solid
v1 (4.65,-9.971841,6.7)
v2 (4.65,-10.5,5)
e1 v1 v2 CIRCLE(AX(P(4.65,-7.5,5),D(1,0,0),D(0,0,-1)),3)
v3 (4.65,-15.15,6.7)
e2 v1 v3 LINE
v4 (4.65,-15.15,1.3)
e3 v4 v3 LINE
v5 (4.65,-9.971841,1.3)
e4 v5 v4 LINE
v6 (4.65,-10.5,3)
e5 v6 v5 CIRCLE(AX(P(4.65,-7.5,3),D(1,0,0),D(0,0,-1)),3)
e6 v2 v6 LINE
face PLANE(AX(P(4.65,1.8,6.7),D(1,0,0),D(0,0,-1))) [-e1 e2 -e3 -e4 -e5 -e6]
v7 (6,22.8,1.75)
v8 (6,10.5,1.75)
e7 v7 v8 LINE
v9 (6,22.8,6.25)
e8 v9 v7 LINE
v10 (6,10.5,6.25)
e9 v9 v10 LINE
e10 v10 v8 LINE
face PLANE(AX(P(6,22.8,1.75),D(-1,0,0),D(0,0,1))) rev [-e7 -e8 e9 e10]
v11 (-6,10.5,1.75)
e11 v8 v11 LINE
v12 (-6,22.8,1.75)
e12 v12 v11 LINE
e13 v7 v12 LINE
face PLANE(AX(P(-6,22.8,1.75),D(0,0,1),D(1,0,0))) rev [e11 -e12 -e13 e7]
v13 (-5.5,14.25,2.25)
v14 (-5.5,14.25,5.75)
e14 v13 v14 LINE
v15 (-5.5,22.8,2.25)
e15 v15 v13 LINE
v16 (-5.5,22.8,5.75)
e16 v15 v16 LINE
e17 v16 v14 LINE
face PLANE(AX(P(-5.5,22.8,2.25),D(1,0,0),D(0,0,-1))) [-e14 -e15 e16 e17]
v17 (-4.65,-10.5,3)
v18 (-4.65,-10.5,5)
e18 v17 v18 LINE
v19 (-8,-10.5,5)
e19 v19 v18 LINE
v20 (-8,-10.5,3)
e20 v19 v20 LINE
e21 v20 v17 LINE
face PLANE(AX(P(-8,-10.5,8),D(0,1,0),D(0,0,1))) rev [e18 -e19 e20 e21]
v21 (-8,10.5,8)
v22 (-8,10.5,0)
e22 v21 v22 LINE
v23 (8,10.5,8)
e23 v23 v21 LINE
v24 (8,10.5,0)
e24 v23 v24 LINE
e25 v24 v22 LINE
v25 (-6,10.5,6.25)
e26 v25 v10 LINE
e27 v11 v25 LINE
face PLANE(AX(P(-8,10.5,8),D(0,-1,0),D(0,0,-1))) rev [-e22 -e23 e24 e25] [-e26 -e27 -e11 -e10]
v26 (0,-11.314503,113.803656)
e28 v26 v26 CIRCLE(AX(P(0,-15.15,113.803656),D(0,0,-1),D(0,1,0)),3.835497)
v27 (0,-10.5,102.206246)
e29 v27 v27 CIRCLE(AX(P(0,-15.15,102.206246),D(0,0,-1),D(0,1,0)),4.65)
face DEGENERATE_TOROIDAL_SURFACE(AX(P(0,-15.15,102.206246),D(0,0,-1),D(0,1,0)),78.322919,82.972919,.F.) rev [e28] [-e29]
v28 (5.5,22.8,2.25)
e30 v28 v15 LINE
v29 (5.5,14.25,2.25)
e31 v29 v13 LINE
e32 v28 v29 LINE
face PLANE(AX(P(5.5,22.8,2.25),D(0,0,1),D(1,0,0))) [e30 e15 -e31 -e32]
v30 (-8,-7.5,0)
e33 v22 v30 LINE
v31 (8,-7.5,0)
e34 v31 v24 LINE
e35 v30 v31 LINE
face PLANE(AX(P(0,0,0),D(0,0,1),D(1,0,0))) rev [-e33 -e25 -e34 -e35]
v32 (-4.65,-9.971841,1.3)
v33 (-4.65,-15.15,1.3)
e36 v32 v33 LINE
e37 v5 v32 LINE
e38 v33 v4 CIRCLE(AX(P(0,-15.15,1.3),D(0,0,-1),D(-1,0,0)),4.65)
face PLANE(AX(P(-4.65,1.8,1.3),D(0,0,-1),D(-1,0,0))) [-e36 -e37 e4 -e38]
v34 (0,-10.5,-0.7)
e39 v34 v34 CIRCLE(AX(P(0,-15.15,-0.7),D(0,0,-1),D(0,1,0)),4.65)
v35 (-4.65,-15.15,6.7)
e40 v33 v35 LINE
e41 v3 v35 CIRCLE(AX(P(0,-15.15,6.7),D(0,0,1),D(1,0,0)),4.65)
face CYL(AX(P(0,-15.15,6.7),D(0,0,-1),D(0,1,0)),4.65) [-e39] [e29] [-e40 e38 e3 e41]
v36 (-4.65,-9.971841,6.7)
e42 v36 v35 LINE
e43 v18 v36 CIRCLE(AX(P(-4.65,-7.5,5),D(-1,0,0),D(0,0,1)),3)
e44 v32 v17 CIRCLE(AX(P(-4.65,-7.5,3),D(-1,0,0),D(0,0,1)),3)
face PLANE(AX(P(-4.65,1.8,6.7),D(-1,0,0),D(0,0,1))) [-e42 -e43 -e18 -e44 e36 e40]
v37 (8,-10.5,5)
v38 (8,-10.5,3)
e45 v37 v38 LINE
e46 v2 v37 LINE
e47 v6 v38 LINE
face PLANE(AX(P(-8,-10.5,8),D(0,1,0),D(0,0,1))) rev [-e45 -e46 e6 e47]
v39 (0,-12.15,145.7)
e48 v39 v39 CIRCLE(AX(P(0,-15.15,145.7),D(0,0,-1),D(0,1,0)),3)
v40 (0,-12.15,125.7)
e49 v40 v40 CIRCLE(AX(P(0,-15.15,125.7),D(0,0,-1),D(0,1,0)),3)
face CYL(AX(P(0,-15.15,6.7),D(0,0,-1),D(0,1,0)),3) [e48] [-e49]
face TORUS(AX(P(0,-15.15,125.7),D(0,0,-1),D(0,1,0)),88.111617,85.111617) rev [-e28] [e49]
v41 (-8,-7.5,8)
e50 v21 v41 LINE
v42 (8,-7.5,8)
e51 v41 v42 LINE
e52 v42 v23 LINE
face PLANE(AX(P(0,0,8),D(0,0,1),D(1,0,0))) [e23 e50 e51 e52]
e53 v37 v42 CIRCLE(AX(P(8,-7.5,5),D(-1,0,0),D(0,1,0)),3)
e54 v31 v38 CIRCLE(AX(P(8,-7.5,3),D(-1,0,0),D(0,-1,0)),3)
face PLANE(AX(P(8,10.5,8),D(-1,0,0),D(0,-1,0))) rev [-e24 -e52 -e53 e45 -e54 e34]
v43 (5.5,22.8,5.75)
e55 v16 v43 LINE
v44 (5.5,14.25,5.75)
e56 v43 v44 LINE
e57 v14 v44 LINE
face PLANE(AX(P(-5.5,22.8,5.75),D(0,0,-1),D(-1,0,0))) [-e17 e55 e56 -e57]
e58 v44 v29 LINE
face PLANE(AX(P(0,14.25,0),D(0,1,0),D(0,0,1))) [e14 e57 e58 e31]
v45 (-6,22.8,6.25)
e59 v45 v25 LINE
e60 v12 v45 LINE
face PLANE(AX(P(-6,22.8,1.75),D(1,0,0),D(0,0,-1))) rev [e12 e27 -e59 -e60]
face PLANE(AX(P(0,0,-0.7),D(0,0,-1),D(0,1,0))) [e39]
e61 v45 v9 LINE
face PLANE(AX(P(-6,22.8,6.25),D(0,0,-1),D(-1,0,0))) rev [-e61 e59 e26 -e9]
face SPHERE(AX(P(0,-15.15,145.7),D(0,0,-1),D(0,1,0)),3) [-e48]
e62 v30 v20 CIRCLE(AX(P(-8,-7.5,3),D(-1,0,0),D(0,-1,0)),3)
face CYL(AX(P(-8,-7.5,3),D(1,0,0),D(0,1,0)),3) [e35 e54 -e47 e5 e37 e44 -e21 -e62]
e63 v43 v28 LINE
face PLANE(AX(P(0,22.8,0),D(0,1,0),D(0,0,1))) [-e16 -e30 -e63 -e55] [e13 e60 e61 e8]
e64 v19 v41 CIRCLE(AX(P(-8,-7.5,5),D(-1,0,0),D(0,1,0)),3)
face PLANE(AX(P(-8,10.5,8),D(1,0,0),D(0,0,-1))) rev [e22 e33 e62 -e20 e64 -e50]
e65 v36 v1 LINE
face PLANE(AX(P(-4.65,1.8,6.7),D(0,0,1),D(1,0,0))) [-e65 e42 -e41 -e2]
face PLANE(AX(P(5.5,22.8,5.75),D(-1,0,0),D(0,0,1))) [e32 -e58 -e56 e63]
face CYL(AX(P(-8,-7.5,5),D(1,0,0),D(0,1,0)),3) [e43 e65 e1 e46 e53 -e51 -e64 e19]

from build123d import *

# Parameters (mm, degrees)
RESSALTO_EXTRUS_O1_DEPTH      = 8
RESSALTO_EXTRUS_O2_DEPTH      = 12.3
CORTE_EXTRUS_O1_DEPTH         = 29.979993098687927
RESSALTO_EXTRUS_O3_DEPTH      = 9.3
RESSALTO_EXTRUS_O3_DEPTH_BACK = 12.3
CORTE_EXTRUS_O2_DEPTH         = 145.04110524430172
CORTE_EXTRUS_O5_START         = 3.75
ESBO_O10_W                    = 11
ESBO_O10_H                    = 3.4999999999999987
CORTE_EXTRUS_O5_DEPTH         = 149.21637788030614


with BuildPart() as part:
    # Esboço1 → Ressalto-extrusão1 (new body)
    with BuildSketch(Plane.XY):
        Polygon((-8, 10.499999999999998), (8, 10.499999999999998), (8.000000000000004, -10.500000000000002), (-8, -10.500000000000002), align=None)
    extrude(amount=RESSALTO_EXTRUS_O1_DEPTH)

    # Esboço2 → Ressalto-extrusão2 (add)
    with BuildSketch(Plane(origin=(0, 10.499999999999998, 0), x_dir=(1, 0, 0), z_dir=(0, 1, 0))):
        Polygon((-6.000000000000002, -1.750000000000001), (5.999999999999998, -1.750000000000001), (5.999999999999998, -6.25), (-6, -6.25), align=None)
    extrude(amount=RESSALTO_EXTRUS_O2_DEPTH)

    # Esboço3 → Corte-extrusão1 (cut, through all)
    with BuildSketch(Plane(origin=(8.000000000000002, 1.32e-15, 0), x_dir=(0, 0, -1), z_dir=(1, 1.7e-16, 0))):
        with BuildLine():
            Line((12.302112688752674, -8.041249801298202), (15.759799941349684, -18.709266127928004))
            Line((15.759799941349684, -18.709266127928004), (-12.82894273367674, -20.250050884769166))
            Line((-12.82894273367674, -20.250050884769166), (-17.748760130002903, -20.25005088476917))
            Line((-17.748760130002903, -20.25005088476917), (-21.504856301930886, -7.075521773543869))
            Line((-21.504856301930886, -7.075521773543869), (-8, -7.499999999999983))
            ThreePointArc((-8, -7.499999999999983), (-7.121320343559643, -9.621320343559647), (-4.999999999999979, -10.500000000000004))
            Line((-4.999999999999979, -10.500000000000004), (-3.0000000000000213, -10.500000000000004))
            ThreePointArc((-3.0000000000000213, -10.500000000000004), (-0.8786796564403576, -9.621320343559647), (0, -7.499999999999983))
            Line((0, -7.499999999999983), (12.302112688752674, -8.041249801298202))
        make_face()
    extrude(amount=-CORTE_EXTRUS_O1_DEPTH, mode=Mode.SUBTRACT)

    # Esboço4 → Ressalto-extrusão3 (add, two sides: drawn at the far end of the back side and taken through both)
    with BuildSketch(Plane.XZ.offset(10.500000000000002).offset(-RESSALTO_EXTRUS_O3_DEPTH_BACK)):
        Polygon((-4.6499999999999995, 6.700000000000003), (4.650000000000001, 6.700000000000004), (4.650000000000001, 1.3000000000000025), (-4.649999999999998, 1.3000000000000025), align=None)
    extrude(amount=RESSALTO_EXTRUS_O3_DEPTH + RESSALTO_EXTRUS_O3_DEPTH_BACK)

    # Esboço8 → Revolução1 (revolve)
    with BuildSketch(Plane(origin=(0, 0, 0), x_dir=(0, 0, -1), z_dir=(1, 0, 0)), mode=Mode.PRIVATE) as revolu_o1_sk:
        with BuildLine():
            Line((0.6999999999999975, -15.150000000000004), (-1.3000000000000025, -15.150000000000002))
            Line((-1.3000000000000025, -15.150000000000002), (-6.700000000000003, -15.150000000000004))
            Line((-6.700000000000003, -15.150000000000004), (-125.70000000000003, -15.150000000000018))
            Line((-125.70000000000003, -15.150000000000018), (-125.7, -18.150000000000013))
            ThreePointArc((-125.7, -18.150000000000006), (-119.7371767478927, -18.359131245703352), (-113.80365649100945, -18.985497252888337))
            ThreePointArc((-113.80365649100945, -18.985497252888337), (-108.01923466009754, -19.596123836980453), (-102.20624616421328, -19.80000000000001))
            Line((-102.20624616421328, -19.800000000000015), (-6.700000000000003, -19.800000000000004))
            Line((-6.700000000000003, -19.800000000000004), (0.6999999999999981, -19.800000000000004))
            Line((0.6999999999999981, -19.800000000000004), (0.6999999999999975, -15.150000000000004))
        make_face()
        with BuildLine():
            Line((-125.7, -18.150000000000013), (-125.70000000000003, -15.150000000000018))
            Line((-125.70000000000003, -15.150000000000018), (-148.7, -15.15000000000002))
            ThreePointArc((-148.7, -15.15000000000002), (-147.82132034355962, -17.271320343559655), (-145.7, -18.15000000000001))
            Line((-145.7, -18.150000000000013), (-125.7, -18.150000000000013))
        make_face()
    revolve(revolu_o1_sk.sketch.rotate(Axis((0, -15.150000000000004, 6.700000000000003), (0, -1.1e-16, 1)), 180), axis=Axis((0, -15.150000000000004, 6.700000000000003), (0, -1.1e-16, 1)))

    # Esboço9 → Corte-extrusão2 (cut, through all)
    with BuildSketch(Plane.XY.offset(6.700000000000003)):
        with BuildLine():
            ThreePointArc((4.650000000000001, -15.150000000000004), (3.2880465325174466, -18.43804653251745), (6.2e-16, -19.800000000000004))
            Line((6.2e-16, -19.800000000000004), (4.650000000000002, -19.800000000000004))
            Line((4.650000000000002, -19.800000000000004), (4.650000000000002, -15.150000000000004))
        make_face()
        with BuildLine():
            Line((-4.649999999999999, -19.800000000000004), (8.9e-16, -19.800000000000004))
            ThreePointArc((4.1e-16, -19.800000000000004), (-3.2880465325174453, -18.43804653251745), (-4.649999999999998, -15.150000000000004))
            Line((-4.649999999999999, -15.150000000000004), (-4.649999999999999, -19.800000000000004))
        make_face()
    extrude(amount=-CORTE_EXTRUS_O2_DEPTH, mode=Mode.SUBTRACT)

    # Esboço10 → Corte-extrusão5 (cut, through all)
    with BuildSketch(Plane(origin=(0, 10.499999999999998, 0), x_dir=(1, 0, 0), z_dir=(0, 1, 0)).offset(CORTE_EXTRUS_O5_START)):
        with Locations((-1.78e-15, -4.000000000000001)):
            Rectangle(ESBO_O10_W, ESBO_O10_H)
    extrude(amount=CORTE_EXTRUS_O5_DEPTH, mode=Mode.SUBTRACT)


solid = part.part
